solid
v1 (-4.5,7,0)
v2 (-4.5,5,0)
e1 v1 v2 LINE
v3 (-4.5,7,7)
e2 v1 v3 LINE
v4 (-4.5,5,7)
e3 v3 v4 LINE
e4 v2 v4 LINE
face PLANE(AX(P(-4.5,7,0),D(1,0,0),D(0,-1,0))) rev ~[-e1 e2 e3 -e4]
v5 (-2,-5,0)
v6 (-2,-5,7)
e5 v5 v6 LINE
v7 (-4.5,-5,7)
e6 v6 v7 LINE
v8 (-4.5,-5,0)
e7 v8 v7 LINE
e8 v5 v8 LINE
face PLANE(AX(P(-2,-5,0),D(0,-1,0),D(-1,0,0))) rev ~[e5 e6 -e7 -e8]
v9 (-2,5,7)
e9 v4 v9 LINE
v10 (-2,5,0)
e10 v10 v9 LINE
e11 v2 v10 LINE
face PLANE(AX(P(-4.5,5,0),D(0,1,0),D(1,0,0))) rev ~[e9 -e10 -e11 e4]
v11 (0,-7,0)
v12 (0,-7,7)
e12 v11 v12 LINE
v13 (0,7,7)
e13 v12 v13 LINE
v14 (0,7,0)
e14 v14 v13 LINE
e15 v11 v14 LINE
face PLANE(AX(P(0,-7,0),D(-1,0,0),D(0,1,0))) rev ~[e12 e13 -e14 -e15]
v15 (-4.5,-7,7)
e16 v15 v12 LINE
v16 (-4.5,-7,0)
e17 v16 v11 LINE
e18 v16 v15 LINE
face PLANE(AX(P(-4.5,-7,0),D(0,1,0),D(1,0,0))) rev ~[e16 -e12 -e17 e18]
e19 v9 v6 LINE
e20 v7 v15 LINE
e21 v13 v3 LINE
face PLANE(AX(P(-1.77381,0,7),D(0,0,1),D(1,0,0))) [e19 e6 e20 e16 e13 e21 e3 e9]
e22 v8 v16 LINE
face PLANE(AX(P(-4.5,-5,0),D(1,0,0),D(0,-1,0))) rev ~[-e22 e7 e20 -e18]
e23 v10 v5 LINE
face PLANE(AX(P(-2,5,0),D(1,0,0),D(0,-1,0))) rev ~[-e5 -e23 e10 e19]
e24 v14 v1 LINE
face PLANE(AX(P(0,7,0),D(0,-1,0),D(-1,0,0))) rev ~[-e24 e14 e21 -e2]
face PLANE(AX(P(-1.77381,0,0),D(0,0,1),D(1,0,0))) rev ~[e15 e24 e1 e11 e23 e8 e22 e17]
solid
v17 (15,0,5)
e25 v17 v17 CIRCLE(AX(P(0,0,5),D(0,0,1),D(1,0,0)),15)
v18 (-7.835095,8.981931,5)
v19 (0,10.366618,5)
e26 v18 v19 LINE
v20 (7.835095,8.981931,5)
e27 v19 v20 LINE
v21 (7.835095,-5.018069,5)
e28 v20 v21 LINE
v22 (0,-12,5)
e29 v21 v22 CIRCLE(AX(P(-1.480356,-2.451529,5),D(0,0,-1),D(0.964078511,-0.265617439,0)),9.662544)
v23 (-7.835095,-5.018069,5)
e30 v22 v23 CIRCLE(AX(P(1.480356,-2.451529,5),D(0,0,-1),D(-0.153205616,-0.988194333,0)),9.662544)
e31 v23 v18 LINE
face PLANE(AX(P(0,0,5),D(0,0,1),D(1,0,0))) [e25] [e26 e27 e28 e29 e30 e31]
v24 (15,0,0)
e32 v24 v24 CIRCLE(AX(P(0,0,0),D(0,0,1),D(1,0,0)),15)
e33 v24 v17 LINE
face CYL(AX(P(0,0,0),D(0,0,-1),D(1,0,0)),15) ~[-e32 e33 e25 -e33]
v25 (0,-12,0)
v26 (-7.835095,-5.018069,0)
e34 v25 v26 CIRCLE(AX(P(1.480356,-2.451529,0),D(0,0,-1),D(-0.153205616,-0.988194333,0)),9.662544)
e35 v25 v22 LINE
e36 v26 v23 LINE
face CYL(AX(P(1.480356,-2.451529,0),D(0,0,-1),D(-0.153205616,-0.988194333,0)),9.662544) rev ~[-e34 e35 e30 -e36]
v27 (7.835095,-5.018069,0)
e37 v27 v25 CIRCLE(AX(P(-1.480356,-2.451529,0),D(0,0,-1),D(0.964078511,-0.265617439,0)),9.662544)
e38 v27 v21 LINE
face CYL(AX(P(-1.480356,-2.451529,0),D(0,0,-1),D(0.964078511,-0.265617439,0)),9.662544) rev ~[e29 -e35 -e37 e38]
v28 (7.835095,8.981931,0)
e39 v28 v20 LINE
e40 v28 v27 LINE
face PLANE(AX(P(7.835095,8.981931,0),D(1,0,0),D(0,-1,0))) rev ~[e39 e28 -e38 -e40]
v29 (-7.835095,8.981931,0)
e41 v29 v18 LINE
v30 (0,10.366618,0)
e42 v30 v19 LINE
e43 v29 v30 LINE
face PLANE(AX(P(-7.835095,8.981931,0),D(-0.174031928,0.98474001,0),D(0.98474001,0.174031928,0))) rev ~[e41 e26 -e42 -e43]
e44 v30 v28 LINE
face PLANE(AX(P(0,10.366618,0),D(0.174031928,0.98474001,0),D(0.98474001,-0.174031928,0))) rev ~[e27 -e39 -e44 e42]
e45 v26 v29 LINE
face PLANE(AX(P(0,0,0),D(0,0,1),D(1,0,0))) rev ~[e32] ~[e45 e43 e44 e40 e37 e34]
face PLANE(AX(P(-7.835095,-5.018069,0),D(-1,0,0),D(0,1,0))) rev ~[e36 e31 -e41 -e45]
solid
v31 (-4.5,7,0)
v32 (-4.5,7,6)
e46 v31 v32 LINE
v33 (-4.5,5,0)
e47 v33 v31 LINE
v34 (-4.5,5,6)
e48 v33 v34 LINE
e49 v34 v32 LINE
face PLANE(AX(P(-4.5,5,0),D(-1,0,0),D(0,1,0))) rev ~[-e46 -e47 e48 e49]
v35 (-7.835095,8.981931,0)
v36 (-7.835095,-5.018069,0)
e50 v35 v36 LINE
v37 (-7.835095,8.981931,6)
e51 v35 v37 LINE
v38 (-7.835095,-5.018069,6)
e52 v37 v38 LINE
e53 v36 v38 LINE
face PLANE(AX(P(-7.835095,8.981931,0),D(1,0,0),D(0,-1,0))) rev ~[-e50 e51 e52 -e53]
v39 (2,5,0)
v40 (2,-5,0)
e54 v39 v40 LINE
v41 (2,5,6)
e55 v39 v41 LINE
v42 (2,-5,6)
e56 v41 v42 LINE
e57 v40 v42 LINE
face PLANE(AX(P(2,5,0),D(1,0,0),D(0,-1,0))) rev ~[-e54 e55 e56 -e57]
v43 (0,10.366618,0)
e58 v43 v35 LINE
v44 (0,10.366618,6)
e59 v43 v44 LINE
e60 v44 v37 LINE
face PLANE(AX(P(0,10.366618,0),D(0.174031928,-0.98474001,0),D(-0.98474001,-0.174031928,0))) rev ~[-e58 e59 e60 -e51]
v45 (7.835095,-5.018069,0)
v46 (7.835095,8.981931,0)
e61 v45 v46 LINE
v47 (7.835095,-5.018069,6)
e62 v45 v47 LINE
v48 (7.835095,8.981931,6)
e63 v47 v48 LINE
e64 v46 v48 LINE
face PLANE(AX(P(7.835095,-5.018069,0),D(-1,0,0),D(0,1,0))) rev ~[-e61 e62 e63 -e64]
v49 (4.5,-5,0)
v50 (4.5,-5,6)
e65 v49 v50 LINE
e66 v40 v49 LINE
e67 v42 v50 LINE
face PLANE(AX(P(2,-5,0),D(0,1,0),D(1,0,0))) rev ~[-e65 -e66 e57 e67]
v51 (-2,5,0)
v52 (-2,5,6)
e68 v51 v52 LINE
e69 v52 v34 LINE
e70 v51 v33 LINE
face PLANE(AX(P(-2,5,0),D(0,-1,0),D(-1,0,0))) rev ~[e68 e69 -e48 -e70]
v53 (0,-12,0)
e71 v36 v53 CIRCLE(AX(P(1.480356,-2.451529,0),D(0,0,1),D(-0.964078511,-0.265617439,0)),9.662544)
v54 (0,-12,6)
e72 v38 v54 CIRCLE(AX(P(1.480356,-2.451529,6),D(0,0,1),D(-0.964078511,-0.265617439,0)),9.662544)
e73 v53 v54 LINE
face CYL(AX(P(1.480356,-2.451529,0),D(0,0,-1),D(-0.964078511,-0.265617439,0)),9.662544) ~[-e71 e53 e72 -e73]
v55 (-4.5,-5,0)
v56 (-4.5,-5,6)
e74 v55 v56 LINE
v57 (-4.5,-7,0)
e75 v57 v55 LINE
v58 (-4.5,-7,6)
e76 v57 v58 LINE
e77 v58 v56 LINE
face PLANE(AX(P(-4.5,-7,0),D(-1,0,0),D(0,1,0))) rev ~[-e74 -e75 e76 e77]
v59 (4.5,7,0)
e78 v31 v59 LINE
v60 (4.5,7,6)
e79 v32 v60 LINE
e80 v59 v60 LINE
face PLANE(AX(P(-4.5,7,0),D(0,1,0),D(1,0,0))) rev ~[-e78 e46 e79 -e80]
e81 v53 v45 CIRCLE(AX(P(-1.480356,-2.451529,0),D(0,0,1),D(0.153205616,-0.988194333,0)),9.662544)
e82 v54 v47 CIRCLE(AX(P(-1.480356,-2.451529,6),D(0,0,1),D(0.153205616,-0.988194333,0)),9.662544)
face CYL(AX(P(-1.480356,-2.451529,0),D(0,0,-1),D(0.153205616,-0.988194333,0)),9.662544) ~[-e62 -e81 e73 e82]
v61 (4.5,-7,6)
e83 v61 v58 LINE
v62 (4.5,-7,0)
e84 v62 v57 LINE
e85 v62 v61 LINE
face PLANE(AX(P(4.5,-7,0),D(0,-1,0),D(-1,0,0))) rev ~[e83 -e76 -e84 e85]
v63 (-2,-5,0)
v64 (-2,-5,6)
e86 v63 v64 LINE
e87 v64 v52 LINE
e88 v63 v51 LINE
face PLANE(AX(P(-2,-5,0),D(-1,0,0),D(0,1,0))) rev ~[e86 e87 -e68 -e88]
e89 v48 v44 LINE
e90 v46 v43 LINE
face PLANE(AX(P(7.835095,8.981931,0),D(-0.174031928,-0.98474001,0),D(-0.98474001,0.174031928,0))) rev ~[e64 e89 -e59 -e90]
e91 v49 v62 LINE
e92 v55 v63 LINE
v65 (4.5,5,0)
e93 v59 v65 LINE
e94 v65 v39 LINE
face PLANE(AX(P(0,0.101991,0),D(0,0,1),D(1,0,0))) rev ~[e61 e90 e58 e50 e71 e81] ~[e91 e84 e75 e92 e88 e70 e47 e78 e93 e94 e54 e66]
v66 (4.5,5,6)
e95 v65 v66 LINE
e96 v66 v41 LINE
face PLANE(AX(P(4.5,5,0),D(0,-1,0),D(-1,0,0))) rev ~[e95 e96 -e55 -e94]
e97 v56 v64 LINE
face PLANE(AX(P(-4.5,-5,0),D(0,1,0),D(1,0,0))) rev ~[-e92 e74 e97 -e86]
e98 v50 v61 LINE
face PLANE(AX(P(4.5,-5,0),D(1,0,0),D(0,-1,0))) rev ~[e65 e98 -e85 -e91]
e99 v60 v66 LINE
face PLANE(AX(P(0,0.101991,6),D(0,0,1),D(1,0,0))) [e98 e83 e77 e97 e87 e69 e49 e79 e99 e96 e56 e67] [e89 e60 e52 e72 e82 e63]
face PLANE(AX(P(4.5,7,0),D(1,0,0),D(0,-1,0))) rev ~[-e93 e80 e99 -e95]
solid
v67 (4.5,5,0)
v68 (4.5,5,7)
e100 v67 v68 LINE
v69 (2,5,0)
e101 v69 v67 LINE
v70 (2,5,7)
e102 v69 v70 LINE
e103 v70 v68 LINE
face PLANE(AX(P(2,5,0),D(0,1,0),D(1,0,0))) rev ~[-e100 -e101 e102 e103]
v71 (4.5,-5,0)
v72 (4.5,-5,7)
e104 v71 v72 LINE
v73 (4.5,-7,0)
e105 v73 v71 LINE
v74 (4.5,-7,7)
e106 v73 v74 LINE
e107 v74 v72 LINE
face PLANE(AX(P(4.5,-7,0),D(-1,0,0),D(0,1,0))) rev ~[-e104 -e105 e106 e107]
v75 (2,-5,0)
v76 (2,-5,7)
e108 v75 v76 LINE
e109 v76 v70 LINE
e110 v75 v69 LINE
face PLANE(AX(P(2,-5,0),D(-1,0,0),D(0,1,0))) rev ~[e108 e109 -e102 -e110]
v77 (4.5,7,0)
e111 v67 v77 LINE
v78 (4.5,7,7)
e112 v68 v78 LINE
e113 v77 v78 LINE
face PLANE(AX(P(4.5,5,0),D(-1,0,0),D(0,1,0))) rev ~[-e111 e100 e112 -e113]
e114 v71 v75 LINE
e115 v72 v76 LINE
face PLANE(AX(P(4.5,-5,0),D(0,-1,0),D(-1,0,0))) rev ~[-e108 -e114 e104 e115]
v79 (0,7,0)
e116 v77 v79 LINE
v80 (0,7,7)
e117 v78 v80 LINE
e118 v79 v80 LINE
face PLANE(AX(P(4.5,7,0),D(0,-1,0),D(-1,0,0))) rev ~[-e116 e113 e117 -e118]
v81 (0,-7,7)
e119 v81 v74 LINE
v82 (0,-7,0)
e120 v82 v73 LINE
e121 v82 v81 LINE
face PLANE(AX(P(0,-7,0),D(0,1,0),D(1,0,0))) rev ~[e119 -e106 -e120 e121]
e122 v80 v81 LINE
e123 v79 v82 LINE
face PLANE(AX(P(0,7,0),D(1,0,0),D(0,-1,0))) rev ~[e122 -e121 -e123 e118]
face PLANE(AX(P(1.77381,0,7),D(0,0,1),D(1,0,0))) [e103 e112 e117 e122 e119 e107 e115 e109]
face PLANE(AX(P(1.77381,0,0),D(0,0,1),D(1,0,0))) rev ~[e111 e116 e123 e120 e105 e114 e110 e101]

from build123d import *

# Parameters (mm, degrees)
F0_R     = 15
F1_DEPTH = 5
F2_DEPTH = 6
F3_DEPTH = 7
F4_DEPTH = 7


with BuildPart() as f1:
    # F0 (on Top) → F1 (new body)
    with BuildSketch(Plane.XY):
        Circle(F0_R)
        with BuildLine():
            Line((-7.835095, 8.981931), (0, 10.366618))
            Line((0, 10.366618), (7.835095, 8.981931))
            Line((7.835095, 8.981931), (7.835095, -5.018069))
            ThreePointArc((7.835095, -5.018069), (4.948034, -9.665443), (0, -12))
            ThreePointArc((0, -12), (-4.948034, -9.665443), (-7.835095, -5.018069))
            Line((-7.835095, -5.018069), (-7.835095, 8.981931))
        make_face(mode=Mode.SUBTRACT)
    extrude(amount=F1_DEPTH)


with BuildPart() as f2:
    # F0 (on Top) → F2 (new body)
    with BuildSketch(Plane.XY):
        with BuildLine():
            Line((7.835095, 8.981931), (0, 10.366618))
            Line((0, 10.366618), (-7.835095, 8.981931))
            Line((-7.835095, 8.981931), (-7.835095, -5.018069))
            ThreePointArc((-7.835095, -5.018069), (-4.948034, -9.665443), (0, -12))
            ThreePointArc((0, -12), (4.948034, -9.665443), (7.835095, -5.018069))
            Line((7.835095, -5.018069), (7.835095, 8.981931))
        make_face()
        Polygon((-4.5, 5), (-4.5, 7), (0, 7), (4.5, 7), (4.5, 5), (2, 5), (2, -5), (4.5, -5), (4.5, -7), (0, -7), (-4.5, -7), (-4.5, -5), (-2, -5), (-2, 5), align=None, mode=Mode.SUBTRACT)
    extrude(amount=F2_DEPTH)


with BuildPart() as f3:
    # F0 (on Top) → F3 (new body)
    with BuildSketch(Plane.XY):
        Polygon((0, 7), (-4.5, 7), (-4.5, 5), (-2, 5), (-2, -5), (-4.5, -5), (-4.5, -7), (0, -7), align=None)
    extrude(amount=F3_DEPTH)


with BuildPart() as f4:
    # F0 (on Top) → F4 (new body)
    with BuildSketch(Plane.XY):
        Polygon((4.5, 7), (0, 7), (0, -7), (4.5, -7), (4.5, -5), (2, -5), (2, 5), (4.5, 5), align=None)
    extrude(amount=F4_DEPTH)


solid = Compound([f1.part, f2.part, f3.part, f4.part])
